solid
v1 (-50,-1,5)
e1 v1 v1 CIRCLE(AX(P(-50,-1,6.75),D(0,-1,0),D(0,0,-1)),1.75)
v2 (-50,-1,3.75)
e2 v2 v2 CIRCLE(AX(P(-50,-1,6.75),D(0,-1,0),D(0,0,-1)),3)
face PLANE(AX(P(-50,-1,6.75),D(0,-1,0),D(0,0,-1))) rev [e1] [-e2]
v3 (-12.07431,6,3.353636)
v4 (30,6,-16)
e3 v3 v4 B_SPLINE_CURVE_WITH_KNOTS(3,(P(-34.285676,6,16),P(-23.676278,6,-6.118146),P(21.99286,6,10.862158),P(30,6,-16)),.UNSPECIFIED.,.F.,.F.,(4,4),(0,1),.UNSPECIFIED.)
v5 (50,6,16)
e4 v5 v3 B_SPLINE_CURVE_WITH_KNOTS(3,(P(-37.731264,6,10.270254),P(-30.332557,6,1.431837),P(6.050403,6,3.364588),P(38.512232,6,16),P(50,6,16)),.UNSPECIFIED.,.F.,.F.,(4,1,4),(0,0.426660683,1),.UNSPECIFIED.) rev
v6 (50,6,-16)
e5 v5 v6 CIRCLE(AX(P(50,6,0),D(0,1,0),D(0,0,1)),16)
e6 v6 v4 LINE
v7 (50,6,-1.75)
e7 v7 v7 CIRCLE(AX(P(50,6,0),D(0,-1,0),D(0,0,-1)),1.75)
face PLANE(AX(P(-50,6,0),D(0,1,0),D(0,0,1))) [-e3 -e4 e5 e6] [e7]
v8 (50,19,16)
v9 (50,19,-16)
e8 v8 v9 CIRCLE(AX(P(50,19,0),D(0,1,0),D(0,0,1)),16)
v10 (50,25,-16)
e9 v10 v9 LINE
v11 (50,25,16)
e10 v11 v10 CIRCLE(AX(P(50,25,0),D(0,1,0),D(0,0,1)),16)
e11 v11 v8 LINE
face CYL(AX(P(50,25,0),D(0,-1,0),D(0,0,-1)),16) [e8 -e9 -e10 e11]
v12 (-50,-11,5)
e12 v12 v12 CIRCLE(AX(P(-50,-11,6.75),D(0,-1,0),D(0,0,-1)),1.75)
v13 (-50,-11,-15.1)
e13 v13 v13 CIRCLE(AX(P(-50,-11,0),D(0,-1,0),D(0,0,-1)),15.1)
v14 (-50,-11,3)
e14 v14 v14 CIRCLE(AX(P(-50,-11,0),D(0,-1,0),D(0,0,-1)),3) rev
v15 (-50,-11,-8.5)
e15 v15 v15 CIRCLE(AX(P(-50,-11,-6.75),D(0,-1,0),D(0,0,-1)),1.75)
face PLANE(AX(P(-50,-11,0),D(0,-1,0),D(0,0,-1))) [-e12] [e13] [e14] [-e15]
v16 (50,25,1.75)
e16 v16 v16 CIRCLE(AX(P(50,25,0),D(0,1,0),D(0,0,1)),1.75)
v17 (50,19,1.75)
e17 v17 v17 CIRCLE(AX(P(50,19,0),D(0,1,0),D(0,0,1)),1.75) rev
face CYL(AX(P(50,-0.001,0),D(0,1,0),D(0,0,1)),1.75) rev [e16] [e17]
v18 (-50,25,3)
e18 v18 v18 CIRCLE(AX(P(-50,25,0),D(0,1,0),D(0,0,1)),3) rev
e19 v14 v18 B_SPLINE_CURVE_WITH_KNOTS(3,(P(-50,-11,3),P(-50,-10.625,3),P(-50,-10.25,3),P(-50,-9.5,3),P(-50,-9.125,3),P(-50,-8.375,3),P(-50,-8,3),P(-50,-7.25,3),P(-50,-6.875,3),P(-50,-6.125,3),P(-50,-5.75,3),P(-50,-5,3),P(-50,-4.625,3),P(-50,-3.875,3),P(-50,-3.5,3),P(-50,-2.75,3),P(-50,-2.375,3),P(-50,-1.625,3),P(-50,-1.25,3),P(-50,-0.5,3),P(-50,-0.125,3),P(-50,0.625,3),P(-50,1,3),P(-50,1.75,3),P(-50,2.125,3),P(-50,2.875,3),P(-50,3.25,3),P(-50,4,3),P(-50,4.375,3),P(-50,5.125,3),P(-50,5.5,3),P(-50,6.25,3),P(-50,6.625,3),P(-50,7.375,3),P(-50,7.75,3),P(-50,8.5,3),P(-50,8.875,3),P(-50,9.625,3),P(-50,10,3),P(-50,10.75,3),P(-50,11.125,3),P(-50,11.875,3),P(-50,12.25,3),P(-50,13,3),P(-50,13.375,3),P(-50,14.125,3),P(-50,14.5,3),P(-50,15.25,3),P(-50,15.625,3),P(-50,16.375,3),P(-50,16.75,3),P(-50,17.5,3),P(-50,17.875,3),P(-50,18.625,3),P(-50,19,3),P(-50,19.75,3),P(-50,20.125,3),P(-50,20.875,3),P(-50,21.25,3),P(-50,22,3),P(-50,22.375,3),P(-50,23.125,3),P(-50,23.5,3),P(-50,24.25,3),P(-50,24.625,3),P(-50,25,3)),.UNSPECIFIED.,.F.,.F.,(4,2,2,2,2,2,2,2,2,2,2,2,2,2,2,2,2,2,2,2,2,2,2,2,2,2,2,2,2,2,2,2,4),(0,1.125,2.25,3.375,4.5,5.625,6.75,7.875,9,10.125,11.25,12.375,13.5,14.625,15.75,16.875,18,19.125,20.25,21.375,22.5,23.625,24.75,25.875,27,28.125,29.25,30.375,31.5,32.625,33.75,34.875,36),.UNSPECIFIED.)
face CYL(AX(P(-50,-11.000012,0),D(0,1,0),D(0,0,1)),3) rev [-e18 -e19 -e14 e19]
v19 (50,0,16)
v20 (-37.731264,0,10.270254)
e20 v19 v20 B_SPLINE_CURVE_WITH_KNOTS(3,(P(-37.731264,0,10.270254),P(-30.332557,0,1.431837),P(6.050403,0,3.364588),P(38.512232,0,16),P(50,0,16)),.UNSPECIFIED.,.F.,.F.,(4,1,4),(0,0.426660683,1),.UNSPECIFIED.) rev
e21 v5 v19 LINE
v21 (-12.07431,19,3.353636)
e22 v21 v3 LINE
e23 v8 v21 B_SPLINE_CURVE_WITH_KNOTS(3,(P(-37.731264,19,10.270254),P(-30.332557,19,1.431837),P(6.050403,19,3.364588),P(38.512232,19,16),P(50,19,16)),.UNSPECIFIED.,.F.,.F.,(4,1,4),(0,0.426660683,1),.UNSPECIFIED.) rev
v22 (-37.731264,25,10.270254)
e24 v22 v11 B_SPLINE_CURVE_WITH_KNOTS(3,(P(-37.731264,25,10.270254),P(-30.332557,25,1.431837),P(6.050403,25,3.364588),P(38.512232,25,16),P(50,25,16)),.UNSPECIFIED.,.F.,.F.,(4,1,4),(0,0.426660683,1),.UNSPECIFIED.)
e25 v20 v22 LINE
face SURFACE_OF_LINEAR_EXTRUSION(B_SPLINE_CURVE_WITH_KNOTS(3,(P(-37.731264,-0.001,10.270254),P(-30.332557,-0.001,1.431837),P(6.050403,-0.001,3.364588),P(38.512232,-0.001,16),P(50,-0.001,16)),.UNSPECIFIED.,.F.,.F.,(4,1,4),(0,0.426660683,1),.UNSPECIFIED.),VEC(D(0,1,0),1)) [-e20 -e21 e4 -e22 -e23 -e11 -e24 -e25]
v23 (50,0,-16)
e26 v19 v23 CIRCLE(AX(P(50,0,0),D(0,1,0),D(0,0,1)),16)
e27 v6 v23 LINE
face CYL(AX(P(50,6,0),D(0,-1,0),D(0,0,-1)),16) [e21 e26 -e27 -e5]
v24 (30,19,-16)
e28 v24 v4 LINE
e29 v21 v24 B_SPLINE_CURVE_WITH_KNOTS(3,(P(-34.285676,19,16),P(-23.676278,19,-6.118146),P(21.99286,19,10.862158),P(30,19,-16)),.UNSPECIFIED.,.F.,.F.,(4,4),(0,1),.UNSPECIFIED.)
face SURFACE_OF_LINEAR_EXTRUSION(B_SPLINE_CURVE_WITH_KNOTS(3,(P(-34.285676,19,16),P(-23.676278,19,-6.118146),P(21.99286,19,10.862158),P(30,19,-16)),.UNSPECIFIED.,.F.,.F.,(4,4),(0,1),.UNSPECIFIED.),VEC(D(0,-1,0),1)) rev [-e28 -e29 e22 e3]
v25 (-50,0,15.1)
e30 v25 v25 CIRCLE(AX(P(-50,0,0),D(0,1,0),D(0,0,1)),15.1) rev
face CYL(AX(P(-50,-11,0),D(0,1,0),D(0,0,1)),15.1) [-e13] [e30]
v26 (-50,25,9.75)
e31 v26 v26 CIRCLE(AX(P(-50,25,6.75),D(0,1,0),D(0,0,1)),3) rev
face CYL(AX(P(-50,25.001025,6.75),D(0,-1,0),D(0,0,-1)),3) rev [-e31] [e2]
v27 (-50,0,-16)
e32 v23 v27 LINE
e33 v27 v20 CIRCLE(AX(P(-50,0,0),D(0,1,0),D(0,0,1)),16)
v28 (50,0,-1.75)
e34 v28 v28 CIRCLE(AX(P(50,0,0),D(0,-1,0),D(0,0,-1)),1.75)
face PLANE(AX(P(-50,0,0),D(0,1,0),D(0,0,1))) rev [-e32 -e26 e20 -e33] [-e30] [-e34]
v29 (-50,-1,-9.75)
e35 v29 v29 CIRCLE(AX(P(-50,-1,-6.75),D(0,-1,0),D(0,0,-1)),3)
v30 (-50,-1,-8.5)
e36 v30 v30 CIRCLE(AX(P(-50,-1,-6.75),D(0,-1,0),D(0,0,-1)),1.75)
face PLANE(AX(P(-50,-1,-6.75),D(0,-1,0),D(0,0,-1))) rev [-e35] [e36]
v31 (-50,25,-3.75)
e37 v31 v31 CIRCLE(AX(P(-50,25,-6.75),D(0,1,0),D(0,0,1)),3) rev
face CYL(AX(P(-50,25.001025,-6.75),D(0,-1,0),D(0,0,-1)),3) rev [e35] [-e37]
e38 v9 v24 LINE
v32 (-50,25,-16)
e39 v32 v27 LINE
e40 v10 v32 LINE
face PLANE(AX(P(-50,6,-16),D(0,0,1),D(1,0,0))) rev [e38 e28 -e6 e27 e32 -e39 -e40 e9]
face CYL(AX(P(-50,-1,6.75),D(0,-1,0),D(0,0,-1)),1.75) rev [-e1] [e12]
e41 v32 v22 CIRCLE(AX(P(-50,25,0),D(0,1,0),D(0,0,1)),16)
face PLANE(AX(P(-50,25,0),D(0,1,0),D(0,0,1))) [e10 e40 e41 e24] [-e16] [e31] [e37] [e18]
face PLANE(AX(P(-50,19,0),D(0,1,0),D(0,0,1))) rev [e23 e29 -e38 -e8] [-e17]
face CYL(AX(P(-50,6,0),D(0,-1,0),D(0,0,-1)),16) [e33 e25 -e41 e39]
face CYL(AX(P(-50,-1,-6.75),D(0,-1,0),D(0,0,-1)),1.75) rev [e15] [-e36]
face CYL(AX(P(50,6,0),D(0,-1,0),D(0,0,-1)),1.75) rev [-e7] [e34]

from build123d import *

# Parameters (mm, degrees)
BOSS_EXTRUDE1_DEPTH            = 6
SKETCH3_R                      = 1.75
CUT_EXTRUDE2_DEPTH             = 69.176242196
BOSS_EXTRUDE2_DEPTH            = 13
BOSS_EXTRUDE3_DEPTH            = 6
CUT_EXTRUDE3_REACH             = 74.367
SKETCH6_R                      = 1.75
CUT_EXTRUDE4_REACH             = 74.367
SKETCH8_R                      = 15.1
BOSS_EXTRUDE4_DEPTH            = 11
SKETCH9_R                      = 1.75
CUT_EXTRUDE5_DEPTH             = 10
CUT_EXTRUDE6_REACH             = 78.864
SKETCH11_R                     = 3
CUT_EXTRUDE6_DIRECTION_2_DEPTH = 77.863515556
CUT_EXTRUDE7_REACH             = 74.719
SKETCH12_R                     = 3


with BuildPart() as part:
    # Sketch1 → Boss-Extrude1 (new body)
    with BuildSketch(Plane(origin=(0, 0, 0), x_dir=(1, 0, 0), z_dir=(0, 1, 0))):
        with BuildLine():
            Line((-50, 16), (50, 16))
            ThreePointArc((50, 16), (66, 0), (50, -16))
            Line((50, -16), (-50, -16))
            ThreePointArc((-50, -16), (-66, 0), (-50, 16))
        make_face()
    extrude(amount=BOSS_EXTRUDE1_DEPTH)

    # Sketch3 → Cut-Extrude2 (cut, through all)
    with BuildSketch(Plane.XZ):
        with Locations(Location((50, 0, 0), (0, 0, 270))):
            Circle(SKETCH3_R)
    extrude(amount=-CUT_EXTRUDE2_DEPTH, mode=Mode.SUBTRACT)

    # Sketch4 → Boss-Extrude2 (add)
    with BuildSketch(Plane(origin=(0, 6, 0), x_dir=(1, 0, 0), z_dir=(0, 1, 0))):
        with BuildLine():
            Line((-50, 16), (30, 16))
            add(Edge.make_bspline(
                [(30, 16), (21.992860017, -10.862158013), (-23.676278326, 6.118145935), (-34.285676412, -16)],
                knots=[0, 0, 0, 0, 1, 1, 1, 1], degree=3))
            Line((-34.285676412, -16), (-50, -16))
            ThreePointArc((-50, -16), (-66, 0), (-50, 16))
        make_face()
    extrude(amount=BOSS_EXTRUDE2_DEPTH)

    # Sketch5 → Boss-Extrude3 (add)
    with BuildSketch(Plane(origin=(0, 19, 0), x_dir=(1, 0, 0), z_dir=(0, 1, 0))):
        with BuildLine():
            Line((-50, 16), (50, 16))
            ThreePointArc((50, 16), (66, 0), (50, -16))
            Line((50, -16), (-50, -16))
            ThreePointArc((-50, -16), (-66, 0), (-50, 16))
        make_face()
    extrude(amount=BOSS_EXTRUDE3_DEPTH)

    # Sketch6 → Cut-Extrude3 (cut, up to next)
    with BuildSketch(Plane(origin=(0, 25, 0), x_dir=(1, 0, 0), z_dir=(0, 1, 0)), mode=Mode.PRIVATE) as cut_extrude3_sk1:
        with Locations(Location((50, 0, 0), (0, 0, 90))):
            Circle(SKETCH6_R)
    cut_extrude3_tool1 = extrude(cut_extrude3_sk1.sketch, amount=-CUT_EXTRUDE3_REACH, mode=Mode.PRIVATE) & part.part
    add(cut_extrude3_tool1.solids().sort_by_distance((50, 25, 0))[0], mode=Mode.SUBTRACT)

    # Sketch7 → Cut-Extrude4 (cut, up to next)
    with BuildSketch(Plane(origin=(0, 25, 0), x_dir=(1, 0, 0), z_dir=(0, 1, 0)), mode=Mode.PRIVATE) as cut_extrude4_sk1:
        with BuildLine():
            ThreePointArc((-37.731263809, -10.270253759), (-43.22962557, -14.496966237), (-50, -16))
            Line((-50, -16), (50, -16))
            add(Edge.make_bspline(
                [(-37.731263809, -10.270253759), (-30.332556703, -1.431836739), (6.050402888, -3.364587973), (38.512231583, -16), (50, -16)],
                knots=[0, 0, 0, 0, 0.426660683, 1, 1, 1, 1], degree=3))
        make_face()
    cut_extrude4_tool1 = extrude(cut_extrude4_sk1.sketch, amount=-CUT_EXTRUDE4_REACH, mode=Mode.PRIVATE) & part.part
    add(cut_extrude4_tool1.solids().sort_by_distance((-6.915299, 25, 11.013102))[0], mode=Mode.SUBTRACT)

    # Sketch8 → Boss-Extrude4 (add)
    with BuildSketch(Plane.XZ):
        with Locations(Location((-50, 0, 0), (0, 0, 90))):
            Circle(SKETCH8_R)
    extrude(amount=BOSS_EXTRUDE4_DEPTH)

    # Sketch9 → Cut-Extrude5 (cut)
    with BuildSketch(Plane.XZ.offset(11)):
        with Locations(Location((-50, 6.75, 0), (0, 0, 270))):
            Circle(SKETCH9_R)
        with Locations(Location((-50, -6.75, 0), (0, 0, 270))):
            Circle(SKETCH9_R)
    extrude(amount=-CUT_EXTRUDE5_DEPTH, mode=Mode.SUBTRACT)

    # Sketch11 → Cut-Extrude6 (cut, up to next)
    with BuildSketch(Plane.XZ.offset(11), mode=Mode.PRIVATE) as cut_extrude6_sk1:
        with Locations(Location((-50, 0, 0), (0, 0, 90))):
            Circle(SKETCH11_R)
    cut_extrude6_tool1 = extrude(cut_extrude6_sk1.sketch, amount=-CUT_EXTRUDE6_REACH, mode=Mode.PRIVATE) & part.part
    add(cut_extrude6_tool1.solids().sort_by_distance((-50, -11, 0))[0], mode=Mode.SUBTRACT)

    # Sketch11 → Cut-Extrude6 direction 2 (cut)
    with BuildSketch(Plane.XZ.offset(11)):
        with Locations(Location((-50, 0, 0), (0, 0, 90))):
            Circle(SKETCH11_R)
    extrude(amount=CUT_EXTRUDE6_DIRECTION_2_DEPTH, mode=Mode.SUBTRACT)

    # Sketch12 → Cut-Extrude7 (cut, up to next)
    with BuildSketch(Plane.XZ.offset(1), mode=Mode.PRIVATE) as cut_extrude7_sk1:
        with Locations(Location((-50, 6.75, 0), (0, 0, 270))):
            Circle(SKETCH12_R)
    cut_extrude7_tool1 = extrude(cut_extrude7_sk1.sketch, amount=-CUT_EXTRUDE7_REACH, mode=Mode.PRIVATE) & part.part
    # Sketch12 → Cut-Extrude7 (cut, up to next)
    with BuildSketch(Plane.XZ.offset(1), mode=Mode.PRIVATE) as cut_extrude7_sk2:
        with Locations(Location((-50, -6.75, 0), (0, 0, 270))):
            Circle(SKETCH12_R)
    cut_extrude7_tool2 = extrude(cut_extrude7_sk2.sketch, amount=-CUT_EXTRUDE7_REACH, mode=Mode.PRIVATE) & part.part
    add(cut_extrude7_tool1.solids().sort_by_distance((-50, -1, 6.75))[0], mode=Mode.SUBTRACT)
    add(cut_extrude7_tool2.solids().sort_by_distance((-50, -1, -6.75))[0], mode=Mode.SUBTRACT)


solid = part.part
